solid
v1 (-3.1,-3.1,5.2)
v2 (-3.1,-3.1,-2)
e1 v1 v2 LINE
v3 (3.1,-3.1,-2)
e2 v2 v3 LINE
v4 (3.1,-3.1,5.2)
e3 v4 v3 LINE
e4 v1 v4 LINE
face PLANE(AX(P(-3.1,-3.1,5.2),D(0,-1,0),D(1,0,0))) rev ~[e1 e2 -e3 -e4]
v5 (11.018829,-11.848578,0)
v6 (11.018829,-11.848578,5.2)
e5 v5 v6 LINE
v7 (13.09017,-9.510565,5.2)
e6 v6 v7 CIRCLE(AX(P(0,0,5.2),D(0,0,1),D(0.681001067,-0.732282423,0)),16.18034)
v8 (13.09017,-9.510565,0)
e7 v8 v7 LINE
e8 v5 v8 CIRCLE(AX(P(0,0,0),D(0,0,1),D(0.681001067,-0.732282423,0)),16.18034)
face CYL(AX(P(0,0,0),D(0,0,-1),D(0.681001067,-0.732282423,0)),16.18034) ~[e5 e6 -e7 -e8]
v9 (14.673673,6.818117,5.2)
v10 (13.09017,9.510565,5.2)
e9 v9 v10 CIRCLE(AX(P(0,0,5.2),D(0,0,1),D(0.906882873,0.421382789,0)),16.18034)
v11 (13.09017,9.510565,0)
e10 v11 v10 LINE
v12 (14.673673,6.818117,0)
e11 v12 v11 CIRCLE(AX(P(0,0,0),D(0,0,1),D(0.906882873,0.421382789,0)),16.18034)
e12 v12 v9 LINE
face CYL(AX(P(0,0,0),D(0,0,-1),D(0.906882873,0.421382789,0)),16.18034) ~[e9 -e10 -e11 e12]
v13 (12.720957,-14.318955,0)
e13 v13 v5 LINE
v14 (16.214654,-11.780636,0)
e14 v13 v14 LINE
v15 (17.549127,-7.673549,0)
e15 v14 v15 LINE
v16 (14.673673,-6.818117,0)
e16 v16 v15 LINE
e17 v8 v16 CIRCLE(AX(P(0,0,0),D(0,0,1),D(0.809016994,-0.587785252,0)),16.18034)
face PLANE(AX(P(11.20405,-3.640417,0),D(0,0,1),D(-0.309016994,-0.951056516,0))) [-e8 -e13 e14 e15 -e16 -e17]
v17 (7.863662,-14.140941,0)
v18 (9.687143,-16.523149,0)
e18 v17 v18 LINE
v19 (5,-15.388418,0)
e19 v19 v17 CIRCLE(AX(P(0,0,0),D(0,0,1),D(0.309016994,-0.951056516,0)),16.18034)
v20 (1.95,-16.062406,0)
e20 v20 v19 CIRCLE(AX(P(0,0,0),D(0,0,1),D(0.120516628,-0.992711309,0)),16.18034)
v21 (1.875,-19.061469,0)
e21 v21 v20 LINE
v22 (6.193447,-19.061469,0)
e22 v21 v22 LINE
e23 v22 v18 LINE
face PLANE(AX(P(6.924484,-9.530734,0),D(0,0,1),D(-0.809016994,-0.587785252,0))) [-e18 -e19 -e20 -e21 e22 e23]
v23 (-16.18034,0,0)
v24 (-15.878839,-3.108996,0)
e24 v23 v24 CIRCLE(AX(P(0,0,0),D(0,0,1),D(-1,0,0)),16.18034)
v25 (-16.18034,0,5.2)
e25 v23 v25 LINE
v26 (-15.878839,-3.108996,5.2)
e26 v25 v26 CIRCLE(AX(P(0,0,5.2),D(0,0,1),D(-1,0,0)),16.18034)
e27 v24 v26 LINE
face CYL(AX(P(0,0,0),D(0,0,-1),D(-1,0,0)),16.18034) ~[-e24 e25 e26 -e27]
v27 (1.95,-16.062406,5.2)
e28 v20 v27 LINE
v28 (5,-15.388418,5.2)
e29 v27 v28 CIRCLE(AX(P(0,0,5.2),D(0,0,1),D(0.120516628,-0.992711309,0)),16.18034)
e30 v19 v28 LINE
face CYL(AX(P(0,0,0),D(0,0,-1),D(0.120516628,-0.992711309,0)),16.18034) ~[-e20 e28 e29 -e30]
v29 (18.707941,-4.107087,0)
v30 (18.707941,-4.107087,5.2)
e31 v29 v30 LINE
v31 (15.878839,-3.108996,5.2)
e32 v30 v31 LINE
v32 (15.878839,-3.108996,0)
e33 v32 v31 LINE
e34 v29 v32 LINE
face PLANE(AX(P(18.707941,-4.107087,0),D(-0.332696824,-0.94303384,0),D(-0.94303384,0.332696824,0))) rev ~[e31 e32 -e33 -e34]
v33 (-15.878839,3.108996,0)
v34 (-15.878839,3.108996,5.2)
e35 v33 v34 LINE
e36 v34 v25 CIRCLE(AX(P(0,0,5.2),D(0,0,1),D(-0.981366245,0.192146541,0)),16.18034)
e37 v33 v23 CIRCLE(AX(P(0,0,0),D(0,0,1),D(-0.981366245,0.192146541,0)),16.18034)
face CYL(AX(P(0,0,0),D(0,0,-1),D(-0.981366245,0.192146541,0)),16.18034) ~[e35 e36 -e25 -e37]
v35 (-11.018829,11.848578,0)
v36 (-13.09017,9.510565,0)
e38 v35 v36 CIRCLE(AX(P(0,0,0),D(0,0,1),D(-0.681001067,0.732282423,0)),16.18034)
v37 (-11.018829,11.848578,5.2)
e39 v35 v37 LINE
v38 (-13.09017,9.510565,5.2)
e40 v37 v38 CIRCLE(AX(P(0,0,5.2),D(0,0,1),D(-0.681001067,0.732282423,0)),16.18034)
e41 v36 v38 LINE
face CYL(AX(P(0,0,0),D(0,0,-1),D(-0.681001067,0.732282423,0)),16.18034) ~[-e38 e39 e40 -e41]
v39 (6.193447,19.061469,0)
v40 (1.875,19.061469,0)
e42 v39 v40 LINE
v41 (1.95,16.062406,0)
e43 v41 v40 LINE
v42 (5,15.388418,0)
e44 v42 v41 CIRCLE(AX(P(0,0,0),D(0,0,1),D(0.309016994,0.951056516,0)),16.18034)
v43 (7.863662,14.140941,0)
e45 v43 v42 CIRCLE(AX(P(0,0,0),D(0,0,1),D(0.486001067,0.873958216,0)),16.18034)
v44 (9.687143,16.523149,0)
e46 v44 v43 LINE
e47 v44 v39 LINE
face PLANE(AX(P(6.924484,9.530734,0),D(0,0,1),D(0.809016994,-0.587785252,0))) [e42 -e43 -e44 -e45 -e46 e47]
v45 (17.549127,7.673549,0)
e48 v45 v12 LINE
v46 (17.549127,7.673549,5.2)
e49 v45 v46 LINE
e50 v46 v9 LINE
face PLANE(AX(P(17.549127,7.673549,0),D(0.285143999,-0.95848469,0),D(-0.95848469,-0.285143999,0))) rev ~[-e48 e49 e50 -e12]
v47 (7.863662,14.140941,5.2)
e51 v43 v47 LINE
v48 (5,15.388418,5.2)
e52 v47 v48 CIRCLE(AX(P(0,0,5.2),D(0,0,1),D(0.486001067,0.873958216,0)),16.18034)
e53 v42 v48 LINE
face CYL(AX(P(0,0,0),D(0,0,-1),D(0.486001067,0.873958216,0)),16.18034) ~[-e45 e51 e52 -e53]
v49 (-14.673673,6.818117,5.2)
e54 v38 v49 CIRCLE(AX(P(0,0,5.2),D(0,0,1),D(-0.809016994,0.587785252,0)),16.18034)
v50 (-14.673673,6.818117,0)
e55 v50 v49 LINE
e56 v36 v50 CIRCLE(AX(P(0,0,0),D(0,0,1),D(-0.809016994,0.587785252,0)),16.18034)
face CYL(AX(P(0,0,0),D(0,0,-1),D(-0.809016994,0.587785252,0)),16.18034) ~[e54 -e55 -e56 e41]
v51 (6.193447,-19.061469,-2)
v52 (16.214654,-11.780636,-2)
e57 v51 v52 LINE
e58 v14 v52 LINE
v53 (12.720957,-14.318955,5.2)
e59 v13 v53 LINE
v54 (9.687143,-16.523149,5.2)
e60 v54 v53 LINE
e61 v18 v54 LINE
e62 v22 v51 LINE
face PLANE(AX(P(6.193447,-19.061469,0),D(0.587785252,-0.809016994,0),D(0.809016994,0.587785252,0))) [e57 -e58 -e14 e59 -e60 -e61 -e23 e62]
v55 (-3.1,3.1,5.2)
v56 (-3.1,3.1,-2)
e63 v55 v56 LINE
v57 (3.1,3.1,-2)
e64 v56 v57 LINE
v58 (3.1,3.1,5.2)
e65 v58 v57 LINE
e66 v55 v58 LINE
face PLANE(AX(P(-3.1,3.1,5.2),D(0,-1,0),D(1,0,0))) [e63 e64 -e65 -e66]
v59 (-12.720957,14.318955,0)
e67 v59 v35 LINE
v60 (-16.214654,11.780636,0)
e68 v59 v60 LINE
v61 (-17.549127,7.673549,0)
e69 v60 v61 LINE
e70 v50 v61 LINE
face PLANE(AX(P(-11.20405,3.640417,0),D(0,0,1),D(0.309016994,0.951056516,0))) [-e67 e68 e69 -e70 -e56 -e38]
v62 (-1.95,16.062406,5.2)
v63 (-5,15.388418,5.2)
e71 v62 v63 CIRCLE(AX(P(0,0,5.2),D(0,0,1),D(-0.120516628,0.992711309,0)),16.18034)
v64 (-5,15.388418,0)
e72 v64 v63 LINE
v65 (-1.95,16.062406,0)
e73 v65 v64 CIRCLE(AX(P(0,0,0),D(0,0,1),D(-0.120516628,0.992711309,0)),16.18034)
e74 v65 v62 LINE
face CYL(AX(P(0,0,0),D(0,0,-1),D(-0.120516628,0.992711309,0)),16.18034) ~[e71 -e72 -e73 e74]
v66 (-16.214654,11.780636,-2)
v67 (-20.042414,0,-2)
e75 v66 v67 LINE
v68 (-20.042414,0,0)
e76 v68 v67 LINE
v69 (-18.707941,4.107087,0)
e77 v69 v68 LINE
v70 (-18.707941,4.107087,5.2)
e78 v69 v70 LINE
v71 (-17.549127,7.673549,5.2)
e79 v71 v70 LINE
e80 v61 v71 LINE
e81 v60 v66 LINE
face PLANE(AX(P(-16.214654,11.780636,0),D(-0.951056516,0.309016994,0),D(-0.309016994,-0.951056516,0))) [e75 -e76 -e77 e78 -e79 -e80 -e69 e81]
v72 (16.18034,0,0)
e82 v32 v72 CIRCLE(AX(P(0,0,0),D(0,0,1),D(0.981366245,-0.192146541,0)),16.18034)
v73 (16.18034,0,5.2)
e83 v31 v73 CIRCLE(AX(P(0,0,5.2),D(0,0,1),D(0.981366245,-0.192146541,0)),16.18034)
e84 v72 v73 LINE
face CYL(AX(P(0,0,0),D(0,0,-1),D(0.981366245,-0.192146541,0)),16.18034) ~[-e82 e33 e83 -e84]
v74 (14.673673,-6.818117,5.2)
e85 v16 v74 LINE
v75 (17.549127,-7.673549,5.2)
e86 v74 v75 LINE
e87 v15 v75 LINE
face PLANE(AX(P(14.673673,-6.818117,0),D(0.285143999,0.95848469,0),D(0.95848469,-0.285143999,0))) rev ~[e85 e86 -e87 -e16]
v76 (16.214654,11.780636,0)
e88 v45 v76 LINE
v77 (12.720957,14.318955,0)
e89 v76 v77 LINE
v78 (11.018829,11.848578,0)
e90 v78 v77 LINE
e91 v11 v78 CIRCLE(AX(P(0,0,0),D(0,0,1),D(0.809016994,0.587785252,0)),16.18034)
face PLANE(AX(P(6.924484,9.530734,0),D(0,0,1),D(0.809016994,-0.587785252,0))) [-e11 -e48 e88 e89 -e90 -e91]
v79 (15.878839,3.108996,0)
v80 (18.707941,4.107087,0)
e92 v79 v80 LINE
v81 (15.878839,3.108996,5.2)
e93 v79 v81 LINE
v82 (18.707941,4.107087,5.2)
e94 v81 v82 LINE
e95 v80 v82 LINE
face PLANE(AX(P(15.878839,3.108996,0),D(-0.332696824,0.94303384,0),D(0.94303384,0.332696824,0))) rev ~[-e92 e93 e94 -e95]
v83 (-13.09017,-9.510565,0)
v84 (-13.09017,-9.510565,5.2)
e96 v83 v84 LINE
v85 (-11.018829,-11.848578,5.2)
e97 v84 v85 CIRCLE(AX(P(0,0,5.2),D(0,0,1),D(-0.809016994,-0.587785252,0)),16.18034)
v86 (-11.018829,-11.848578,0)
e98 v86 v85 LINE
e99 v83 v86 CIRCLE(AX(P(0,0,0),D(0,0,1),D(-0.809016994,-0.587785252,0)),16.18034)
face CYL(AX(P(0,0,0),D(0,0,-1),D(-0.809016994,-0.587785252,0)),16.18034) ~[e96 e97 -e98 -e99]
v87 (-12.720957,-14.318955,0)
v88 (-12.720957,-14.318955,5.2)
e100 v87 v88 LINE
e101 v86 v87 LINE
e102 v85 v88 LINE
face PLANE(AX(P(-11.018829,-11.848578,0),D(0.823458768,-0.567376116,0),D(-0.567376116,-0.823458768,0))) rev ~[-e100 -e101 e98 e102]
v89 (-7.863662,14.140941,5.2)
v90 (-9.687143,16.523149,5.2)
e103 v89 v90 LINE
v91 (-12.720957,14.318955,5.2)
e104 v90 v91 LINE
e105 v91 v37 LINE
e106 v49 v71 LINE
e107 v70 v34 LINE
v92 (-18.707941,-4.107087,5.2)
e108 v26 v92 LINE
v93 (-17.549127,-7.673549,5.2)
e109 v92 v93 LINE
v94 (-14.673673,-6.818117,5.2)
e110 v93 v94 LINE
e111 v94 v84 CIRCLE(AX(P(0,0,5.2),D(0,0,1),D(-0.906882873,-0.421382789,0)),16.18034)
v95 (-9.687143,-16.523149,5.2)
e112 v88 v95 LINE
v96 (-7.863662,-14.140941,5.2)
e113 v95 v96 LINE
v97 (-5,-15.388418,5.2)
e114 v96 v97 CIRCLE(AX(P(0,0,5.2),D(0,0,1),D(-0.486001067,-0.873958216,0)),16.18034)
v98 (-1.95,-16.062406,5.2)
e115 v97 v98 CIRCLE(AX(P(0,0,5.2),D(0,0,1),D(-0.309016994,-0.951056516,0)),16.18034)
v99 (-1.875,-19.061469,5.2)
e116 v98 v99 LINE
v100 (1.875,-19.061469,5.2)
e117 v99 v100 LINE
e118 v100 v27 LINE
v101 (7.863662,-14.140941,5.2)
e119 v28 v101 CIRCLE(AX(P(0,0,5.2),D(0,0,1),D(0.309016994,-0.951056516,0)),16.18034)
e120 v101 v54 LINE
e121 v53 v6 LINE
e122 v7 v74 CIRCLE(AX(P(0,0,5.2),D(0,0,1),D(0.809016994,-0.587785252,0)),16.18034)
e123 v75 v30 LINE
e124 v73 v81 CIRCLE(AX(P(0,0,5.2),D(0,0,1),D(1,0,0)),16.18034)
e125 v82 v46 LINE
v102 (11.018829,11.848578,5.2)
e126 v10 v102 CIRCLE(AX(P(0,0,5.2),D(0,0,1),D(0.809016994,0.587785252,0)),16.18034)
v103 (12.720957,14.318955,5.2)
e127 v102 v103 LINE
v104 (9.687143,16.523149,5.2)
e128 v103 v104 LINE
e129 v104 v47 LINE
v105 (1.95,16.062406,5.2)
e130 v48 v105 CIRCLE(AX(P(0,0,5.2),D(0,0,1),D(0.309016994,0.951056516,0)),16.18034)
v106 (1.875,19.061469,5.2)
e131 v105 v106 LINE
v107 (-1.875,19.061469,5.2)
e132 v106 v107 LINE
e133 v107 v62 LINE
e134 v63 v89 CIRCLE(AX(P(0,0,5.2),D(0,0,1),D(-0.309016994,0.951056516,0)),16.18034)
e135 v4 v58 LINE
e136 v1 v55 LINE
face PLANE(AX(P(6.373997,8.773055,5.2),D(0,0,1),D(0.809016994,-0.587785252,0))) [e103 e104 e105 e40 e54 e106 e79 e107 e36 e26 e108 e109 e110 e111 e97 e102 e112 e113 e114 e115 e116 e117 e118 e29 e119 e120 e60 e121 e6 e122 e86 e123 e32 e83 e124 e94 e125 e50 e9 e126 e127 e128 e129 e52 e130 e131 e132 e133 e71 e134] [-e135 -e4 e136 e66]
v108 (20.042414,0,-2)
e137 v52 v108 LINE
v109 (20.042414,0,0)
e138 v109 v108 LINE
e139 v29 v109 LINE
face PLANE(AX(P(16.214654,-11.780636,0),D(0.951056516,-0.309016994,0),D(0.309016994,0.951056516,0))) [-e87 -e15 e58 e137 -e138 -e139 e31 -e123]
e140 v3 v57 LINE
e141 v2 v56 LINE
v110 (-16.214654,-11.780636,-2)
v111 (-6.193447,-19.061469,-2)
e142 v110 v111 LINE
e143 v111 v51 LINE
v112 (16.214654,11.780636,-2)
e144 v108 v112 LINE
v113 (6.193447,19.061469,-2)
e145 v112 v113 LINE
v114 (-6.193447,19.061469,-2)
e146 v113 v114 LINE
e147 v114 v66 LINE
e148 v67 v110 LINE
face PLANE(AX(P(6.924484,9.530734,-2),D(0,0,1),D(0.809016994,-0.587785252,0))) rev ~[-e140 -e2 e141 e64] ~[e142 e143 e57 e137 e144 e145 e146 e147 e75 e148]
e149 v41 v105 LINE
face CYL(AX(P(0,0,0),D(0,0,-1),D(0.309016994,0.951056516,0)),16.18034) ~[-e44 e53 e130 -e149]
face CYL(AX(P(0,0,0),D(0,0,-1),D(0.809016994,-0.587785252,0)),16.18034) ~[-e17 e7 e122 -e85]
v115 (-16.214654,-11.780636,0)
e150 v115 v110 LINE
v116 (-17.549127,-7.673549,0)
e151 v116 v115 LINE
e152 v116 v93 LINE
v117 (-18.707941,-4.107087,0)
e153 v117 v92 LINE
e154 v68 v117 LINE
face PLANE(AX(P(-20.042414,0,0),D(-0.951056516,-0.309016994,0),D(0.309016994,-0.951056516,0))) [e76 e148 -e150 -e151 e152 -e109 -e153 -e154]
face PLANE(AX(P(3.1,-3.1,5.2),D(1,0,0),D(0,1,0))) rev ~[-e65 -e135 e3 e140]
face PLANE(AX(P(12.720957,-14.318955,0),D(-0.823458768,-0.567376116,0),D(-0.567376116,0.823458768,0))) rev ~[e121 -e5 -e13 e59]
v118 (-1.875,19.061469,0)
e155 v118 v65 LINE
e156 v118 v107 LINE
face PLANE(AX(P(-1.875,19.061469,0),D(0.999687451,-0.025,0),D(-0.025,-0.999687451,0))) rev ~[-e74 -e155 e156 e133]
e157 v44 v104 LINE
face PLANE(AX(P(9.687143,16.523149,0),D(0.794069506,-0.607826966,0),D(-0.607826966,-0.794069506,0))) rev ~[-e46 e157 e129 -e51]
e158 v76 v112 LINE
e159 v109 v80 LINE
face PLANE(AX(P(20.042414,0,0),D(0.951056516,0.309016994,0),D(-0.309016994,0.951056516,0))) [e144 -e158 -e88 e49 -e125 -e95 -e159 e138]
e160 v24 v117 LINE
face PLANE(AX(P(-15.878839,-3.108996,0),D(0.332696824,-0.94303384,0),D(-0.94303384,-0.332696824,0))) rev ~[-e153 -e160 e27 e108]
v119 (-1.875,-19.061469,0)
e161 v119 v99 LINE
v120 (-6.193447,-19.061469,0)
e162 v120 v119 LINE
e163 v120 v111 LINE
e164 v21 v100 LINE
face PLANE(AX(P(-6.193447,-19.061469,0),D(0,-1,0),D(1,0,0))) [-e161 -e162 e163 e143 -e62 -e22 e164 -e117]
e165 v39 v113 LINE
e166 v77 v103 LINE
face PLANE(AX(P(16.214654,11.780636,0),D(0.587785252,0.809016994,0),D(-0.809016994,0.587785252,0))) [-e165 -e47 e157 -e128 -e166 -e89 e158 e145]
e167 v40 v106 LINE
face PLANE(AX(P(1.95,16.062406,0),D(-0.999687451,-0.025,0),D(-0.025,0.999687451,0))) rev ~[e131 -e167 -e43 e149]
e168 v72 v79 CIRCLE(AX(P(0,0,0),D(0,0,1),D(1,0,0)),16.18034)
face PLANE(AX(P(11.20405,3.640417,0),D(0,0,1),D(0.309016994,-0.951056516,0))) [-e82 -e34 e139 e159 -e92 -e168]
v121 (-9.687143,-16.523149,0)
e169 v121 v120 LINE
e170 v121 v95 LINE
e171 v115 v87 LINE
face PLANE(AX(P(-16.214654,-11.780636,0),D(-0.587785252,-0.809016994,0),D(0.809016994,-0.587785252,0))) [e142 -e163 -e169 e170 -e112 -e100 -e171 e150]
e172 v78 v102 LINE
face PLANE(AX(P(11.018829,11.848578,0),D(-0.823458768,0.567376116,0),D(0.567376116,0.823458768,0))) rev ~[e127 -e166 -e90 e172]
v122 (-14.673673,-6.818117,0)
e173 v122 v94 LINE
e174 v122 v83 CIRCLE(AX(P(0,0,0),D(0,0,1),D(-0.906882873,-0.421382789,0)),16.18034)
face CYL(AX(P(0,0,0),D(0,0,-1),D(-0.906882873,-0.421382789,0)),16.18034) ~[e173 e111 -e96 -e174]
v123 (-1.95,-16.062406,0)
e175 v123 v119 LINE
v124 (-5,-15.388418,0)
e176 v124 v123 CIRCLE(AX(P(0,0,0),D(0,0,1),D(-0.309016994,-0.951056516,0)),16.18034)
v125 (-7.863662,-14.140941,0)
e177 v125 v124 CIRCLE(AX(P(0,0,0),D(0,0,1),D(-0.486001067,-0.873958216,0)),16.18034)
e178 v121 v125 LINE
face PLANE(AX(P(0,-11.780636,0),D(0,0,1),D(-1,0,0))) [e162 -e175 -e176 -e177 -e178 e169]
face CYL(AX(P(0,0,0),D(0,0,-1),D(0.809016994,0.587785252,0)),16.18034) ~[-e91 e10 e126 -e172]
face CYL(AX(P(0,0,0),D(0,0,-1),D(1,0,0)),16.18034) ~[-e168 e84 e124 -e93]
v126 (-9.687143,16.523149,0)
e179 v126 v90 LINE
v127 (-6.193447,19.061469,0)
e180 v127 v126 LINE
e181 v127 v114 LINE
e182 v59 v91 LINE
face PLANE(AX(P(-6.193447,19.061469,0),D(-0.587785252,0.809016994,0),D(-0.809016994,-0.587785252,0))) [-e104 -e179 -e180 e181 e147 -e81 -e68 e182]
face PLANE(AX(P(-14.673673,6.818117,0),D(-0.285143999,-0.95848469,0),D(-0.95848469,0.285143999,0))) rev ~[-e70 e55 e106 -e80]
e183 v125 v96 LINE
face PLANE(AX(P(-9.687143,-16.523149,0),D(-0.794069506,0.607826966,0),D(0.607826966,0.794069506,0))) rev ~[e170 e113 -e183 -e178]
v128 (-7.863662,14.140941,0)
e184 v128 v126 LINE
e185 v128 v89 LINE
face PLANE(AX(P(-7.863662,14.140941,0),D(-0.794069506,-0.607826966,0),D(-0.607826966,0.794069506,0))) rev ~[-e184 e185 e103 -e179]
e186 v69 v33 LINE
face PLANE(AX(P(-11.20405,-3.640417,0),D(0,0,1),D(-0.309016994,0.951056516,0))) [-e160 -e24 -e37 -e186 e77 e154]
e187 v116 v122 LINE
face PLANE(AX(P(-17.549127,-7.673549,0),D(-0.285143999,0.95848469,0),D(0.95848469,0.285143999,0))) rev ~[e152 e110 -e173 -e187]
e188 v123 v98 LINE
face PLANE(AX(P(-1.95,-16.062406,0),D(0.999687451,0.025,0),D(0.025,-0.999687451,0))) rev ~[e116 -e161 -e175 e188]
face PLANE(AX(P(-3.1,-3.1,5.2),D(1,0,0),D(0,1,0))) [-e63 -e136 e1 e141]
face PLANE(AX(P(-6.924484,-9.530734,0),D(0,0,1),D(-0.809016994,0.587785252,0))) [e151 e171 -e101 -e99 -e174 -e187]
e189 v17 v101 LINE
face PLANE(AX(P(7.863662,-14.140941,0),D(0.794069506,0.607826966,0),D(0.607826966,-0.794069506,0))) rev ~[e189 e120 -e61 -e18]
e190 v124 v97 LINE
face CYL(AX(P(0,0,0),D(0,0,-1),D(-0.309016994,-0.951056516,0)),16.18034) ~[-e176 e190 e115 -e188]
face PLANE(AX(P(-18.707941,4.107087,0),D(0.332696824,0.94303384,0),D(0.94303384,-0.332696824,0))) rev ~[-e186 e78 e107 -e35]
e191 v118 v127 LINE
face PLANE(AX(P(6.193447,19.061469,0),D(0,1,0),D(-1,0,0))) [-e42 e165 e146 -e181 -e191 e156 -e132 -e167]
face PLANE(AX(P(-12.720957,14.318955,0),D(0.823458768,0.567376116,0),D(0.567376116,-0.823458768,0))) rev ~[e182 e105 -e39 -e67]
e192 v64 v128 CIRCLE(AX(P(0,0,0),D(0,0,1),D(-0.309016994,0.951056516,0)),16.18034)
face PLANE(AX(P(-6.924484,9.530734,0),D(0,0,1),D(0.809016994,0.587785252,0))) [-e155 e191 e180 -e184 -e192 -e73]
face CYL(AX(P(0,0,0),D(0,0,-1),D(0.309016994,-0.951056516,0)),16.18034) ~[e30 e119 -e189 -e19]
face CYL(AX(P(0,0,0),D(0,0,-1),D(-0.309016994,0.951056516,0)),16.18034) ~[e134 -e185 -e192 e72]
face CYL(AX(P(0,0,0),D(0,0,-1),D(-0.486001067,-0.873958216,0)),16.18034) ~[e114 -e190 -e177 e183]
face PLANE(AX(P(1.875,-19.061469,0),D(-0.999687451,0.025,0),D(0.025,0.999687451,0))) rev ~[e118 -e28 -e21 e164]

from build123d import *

# Parameters (mm, degrees)
BOSS_EXTRU_1_DEPTH           = 5.2
BOSS_EXTRU_2_DEPTH           = 2
R_P_TITION_CIRCULAIRE1_COUNT = 10
ESQUISSE2_W                  = 6.2
ESQUISSE2_H                  = 6.2
ENL_V_MAT_EXTRU_1_DEPTH      = 8.2


with BuildPart() as part:
    # Esquisse1 → Boss.-Extru.1 (new body)
    with BuildSketch(Plane.XY):
        with BuildLine():
            Line((-5, 15.388417686), (0, 0))
            Line((0, 0), (5, 15.388417686))
            ThreePointArc((5, 15.388417686), (3.491302077, 15.799183798), (1.95, 16.062406385))
            Line((1.95, 16.062406385), (1.875, 19.061468738))
            Line((1.875, 19.061468738), (-1.875, 19.061468738))
            Line((-1.875, 19.061468738), (-1.95, 16.062406385))
            ThreePointArc((-1.95, 16.062406385), (-3.491302077, 15.799183798), (-5, 15.388417686))
        make_face()
    boss_extru_1 = extrude(amount=BOSS_EXTRU_1_DEPTH)

    # Esquisse4 → Boss.-Extru.2 (add)
    with BuildSketch(Plane(origin=(0, 0, 0), x_dir=(-1, 0, 0), z_dir=(0, 0, -1))):
        Polygon((0, 0), (-6.193446632, 19.061468738), (6.193446632, 19.061468738), align=None)
    boss_extru_2 = extrude(amount=BOSS_EXTRU_2_DEPTH)

    # Répétition circulaire1: Boss.-Extru.1, Boss.-Extru.2 ×10 about axis
    r_p_tition_circulaire1_axis = Axis((0, 0, 0), (0, 0, 1))
    for i in range(1, R_P_TITION_CIRCULAIRE1_COUNT):
        add(boss_extru_1.rotate(r_p_tition_circulaire1_axis, i * 360 / R_P_TITION_CIRCULAIRE1_COUNT))
        add(boss_extru_2.rotate(r_p_tition_circulaire1_axis, i * 360 / R_P_TITION_CIRCULAIRE1_COUNT))

    # Esquisse2 → Enlèv. mat.-Extru.1 (cut, through all)
    with BuildSketch(Plane.XY.offset(5.2)):
        Rectangle(ESQUISSE2_W, ESQUISSE2_H)
    extrude(amount=-ENL_V_MAT_EXTRU_1_DEPTH, mode=Mode.SUBTRACT)


solid = part.part
